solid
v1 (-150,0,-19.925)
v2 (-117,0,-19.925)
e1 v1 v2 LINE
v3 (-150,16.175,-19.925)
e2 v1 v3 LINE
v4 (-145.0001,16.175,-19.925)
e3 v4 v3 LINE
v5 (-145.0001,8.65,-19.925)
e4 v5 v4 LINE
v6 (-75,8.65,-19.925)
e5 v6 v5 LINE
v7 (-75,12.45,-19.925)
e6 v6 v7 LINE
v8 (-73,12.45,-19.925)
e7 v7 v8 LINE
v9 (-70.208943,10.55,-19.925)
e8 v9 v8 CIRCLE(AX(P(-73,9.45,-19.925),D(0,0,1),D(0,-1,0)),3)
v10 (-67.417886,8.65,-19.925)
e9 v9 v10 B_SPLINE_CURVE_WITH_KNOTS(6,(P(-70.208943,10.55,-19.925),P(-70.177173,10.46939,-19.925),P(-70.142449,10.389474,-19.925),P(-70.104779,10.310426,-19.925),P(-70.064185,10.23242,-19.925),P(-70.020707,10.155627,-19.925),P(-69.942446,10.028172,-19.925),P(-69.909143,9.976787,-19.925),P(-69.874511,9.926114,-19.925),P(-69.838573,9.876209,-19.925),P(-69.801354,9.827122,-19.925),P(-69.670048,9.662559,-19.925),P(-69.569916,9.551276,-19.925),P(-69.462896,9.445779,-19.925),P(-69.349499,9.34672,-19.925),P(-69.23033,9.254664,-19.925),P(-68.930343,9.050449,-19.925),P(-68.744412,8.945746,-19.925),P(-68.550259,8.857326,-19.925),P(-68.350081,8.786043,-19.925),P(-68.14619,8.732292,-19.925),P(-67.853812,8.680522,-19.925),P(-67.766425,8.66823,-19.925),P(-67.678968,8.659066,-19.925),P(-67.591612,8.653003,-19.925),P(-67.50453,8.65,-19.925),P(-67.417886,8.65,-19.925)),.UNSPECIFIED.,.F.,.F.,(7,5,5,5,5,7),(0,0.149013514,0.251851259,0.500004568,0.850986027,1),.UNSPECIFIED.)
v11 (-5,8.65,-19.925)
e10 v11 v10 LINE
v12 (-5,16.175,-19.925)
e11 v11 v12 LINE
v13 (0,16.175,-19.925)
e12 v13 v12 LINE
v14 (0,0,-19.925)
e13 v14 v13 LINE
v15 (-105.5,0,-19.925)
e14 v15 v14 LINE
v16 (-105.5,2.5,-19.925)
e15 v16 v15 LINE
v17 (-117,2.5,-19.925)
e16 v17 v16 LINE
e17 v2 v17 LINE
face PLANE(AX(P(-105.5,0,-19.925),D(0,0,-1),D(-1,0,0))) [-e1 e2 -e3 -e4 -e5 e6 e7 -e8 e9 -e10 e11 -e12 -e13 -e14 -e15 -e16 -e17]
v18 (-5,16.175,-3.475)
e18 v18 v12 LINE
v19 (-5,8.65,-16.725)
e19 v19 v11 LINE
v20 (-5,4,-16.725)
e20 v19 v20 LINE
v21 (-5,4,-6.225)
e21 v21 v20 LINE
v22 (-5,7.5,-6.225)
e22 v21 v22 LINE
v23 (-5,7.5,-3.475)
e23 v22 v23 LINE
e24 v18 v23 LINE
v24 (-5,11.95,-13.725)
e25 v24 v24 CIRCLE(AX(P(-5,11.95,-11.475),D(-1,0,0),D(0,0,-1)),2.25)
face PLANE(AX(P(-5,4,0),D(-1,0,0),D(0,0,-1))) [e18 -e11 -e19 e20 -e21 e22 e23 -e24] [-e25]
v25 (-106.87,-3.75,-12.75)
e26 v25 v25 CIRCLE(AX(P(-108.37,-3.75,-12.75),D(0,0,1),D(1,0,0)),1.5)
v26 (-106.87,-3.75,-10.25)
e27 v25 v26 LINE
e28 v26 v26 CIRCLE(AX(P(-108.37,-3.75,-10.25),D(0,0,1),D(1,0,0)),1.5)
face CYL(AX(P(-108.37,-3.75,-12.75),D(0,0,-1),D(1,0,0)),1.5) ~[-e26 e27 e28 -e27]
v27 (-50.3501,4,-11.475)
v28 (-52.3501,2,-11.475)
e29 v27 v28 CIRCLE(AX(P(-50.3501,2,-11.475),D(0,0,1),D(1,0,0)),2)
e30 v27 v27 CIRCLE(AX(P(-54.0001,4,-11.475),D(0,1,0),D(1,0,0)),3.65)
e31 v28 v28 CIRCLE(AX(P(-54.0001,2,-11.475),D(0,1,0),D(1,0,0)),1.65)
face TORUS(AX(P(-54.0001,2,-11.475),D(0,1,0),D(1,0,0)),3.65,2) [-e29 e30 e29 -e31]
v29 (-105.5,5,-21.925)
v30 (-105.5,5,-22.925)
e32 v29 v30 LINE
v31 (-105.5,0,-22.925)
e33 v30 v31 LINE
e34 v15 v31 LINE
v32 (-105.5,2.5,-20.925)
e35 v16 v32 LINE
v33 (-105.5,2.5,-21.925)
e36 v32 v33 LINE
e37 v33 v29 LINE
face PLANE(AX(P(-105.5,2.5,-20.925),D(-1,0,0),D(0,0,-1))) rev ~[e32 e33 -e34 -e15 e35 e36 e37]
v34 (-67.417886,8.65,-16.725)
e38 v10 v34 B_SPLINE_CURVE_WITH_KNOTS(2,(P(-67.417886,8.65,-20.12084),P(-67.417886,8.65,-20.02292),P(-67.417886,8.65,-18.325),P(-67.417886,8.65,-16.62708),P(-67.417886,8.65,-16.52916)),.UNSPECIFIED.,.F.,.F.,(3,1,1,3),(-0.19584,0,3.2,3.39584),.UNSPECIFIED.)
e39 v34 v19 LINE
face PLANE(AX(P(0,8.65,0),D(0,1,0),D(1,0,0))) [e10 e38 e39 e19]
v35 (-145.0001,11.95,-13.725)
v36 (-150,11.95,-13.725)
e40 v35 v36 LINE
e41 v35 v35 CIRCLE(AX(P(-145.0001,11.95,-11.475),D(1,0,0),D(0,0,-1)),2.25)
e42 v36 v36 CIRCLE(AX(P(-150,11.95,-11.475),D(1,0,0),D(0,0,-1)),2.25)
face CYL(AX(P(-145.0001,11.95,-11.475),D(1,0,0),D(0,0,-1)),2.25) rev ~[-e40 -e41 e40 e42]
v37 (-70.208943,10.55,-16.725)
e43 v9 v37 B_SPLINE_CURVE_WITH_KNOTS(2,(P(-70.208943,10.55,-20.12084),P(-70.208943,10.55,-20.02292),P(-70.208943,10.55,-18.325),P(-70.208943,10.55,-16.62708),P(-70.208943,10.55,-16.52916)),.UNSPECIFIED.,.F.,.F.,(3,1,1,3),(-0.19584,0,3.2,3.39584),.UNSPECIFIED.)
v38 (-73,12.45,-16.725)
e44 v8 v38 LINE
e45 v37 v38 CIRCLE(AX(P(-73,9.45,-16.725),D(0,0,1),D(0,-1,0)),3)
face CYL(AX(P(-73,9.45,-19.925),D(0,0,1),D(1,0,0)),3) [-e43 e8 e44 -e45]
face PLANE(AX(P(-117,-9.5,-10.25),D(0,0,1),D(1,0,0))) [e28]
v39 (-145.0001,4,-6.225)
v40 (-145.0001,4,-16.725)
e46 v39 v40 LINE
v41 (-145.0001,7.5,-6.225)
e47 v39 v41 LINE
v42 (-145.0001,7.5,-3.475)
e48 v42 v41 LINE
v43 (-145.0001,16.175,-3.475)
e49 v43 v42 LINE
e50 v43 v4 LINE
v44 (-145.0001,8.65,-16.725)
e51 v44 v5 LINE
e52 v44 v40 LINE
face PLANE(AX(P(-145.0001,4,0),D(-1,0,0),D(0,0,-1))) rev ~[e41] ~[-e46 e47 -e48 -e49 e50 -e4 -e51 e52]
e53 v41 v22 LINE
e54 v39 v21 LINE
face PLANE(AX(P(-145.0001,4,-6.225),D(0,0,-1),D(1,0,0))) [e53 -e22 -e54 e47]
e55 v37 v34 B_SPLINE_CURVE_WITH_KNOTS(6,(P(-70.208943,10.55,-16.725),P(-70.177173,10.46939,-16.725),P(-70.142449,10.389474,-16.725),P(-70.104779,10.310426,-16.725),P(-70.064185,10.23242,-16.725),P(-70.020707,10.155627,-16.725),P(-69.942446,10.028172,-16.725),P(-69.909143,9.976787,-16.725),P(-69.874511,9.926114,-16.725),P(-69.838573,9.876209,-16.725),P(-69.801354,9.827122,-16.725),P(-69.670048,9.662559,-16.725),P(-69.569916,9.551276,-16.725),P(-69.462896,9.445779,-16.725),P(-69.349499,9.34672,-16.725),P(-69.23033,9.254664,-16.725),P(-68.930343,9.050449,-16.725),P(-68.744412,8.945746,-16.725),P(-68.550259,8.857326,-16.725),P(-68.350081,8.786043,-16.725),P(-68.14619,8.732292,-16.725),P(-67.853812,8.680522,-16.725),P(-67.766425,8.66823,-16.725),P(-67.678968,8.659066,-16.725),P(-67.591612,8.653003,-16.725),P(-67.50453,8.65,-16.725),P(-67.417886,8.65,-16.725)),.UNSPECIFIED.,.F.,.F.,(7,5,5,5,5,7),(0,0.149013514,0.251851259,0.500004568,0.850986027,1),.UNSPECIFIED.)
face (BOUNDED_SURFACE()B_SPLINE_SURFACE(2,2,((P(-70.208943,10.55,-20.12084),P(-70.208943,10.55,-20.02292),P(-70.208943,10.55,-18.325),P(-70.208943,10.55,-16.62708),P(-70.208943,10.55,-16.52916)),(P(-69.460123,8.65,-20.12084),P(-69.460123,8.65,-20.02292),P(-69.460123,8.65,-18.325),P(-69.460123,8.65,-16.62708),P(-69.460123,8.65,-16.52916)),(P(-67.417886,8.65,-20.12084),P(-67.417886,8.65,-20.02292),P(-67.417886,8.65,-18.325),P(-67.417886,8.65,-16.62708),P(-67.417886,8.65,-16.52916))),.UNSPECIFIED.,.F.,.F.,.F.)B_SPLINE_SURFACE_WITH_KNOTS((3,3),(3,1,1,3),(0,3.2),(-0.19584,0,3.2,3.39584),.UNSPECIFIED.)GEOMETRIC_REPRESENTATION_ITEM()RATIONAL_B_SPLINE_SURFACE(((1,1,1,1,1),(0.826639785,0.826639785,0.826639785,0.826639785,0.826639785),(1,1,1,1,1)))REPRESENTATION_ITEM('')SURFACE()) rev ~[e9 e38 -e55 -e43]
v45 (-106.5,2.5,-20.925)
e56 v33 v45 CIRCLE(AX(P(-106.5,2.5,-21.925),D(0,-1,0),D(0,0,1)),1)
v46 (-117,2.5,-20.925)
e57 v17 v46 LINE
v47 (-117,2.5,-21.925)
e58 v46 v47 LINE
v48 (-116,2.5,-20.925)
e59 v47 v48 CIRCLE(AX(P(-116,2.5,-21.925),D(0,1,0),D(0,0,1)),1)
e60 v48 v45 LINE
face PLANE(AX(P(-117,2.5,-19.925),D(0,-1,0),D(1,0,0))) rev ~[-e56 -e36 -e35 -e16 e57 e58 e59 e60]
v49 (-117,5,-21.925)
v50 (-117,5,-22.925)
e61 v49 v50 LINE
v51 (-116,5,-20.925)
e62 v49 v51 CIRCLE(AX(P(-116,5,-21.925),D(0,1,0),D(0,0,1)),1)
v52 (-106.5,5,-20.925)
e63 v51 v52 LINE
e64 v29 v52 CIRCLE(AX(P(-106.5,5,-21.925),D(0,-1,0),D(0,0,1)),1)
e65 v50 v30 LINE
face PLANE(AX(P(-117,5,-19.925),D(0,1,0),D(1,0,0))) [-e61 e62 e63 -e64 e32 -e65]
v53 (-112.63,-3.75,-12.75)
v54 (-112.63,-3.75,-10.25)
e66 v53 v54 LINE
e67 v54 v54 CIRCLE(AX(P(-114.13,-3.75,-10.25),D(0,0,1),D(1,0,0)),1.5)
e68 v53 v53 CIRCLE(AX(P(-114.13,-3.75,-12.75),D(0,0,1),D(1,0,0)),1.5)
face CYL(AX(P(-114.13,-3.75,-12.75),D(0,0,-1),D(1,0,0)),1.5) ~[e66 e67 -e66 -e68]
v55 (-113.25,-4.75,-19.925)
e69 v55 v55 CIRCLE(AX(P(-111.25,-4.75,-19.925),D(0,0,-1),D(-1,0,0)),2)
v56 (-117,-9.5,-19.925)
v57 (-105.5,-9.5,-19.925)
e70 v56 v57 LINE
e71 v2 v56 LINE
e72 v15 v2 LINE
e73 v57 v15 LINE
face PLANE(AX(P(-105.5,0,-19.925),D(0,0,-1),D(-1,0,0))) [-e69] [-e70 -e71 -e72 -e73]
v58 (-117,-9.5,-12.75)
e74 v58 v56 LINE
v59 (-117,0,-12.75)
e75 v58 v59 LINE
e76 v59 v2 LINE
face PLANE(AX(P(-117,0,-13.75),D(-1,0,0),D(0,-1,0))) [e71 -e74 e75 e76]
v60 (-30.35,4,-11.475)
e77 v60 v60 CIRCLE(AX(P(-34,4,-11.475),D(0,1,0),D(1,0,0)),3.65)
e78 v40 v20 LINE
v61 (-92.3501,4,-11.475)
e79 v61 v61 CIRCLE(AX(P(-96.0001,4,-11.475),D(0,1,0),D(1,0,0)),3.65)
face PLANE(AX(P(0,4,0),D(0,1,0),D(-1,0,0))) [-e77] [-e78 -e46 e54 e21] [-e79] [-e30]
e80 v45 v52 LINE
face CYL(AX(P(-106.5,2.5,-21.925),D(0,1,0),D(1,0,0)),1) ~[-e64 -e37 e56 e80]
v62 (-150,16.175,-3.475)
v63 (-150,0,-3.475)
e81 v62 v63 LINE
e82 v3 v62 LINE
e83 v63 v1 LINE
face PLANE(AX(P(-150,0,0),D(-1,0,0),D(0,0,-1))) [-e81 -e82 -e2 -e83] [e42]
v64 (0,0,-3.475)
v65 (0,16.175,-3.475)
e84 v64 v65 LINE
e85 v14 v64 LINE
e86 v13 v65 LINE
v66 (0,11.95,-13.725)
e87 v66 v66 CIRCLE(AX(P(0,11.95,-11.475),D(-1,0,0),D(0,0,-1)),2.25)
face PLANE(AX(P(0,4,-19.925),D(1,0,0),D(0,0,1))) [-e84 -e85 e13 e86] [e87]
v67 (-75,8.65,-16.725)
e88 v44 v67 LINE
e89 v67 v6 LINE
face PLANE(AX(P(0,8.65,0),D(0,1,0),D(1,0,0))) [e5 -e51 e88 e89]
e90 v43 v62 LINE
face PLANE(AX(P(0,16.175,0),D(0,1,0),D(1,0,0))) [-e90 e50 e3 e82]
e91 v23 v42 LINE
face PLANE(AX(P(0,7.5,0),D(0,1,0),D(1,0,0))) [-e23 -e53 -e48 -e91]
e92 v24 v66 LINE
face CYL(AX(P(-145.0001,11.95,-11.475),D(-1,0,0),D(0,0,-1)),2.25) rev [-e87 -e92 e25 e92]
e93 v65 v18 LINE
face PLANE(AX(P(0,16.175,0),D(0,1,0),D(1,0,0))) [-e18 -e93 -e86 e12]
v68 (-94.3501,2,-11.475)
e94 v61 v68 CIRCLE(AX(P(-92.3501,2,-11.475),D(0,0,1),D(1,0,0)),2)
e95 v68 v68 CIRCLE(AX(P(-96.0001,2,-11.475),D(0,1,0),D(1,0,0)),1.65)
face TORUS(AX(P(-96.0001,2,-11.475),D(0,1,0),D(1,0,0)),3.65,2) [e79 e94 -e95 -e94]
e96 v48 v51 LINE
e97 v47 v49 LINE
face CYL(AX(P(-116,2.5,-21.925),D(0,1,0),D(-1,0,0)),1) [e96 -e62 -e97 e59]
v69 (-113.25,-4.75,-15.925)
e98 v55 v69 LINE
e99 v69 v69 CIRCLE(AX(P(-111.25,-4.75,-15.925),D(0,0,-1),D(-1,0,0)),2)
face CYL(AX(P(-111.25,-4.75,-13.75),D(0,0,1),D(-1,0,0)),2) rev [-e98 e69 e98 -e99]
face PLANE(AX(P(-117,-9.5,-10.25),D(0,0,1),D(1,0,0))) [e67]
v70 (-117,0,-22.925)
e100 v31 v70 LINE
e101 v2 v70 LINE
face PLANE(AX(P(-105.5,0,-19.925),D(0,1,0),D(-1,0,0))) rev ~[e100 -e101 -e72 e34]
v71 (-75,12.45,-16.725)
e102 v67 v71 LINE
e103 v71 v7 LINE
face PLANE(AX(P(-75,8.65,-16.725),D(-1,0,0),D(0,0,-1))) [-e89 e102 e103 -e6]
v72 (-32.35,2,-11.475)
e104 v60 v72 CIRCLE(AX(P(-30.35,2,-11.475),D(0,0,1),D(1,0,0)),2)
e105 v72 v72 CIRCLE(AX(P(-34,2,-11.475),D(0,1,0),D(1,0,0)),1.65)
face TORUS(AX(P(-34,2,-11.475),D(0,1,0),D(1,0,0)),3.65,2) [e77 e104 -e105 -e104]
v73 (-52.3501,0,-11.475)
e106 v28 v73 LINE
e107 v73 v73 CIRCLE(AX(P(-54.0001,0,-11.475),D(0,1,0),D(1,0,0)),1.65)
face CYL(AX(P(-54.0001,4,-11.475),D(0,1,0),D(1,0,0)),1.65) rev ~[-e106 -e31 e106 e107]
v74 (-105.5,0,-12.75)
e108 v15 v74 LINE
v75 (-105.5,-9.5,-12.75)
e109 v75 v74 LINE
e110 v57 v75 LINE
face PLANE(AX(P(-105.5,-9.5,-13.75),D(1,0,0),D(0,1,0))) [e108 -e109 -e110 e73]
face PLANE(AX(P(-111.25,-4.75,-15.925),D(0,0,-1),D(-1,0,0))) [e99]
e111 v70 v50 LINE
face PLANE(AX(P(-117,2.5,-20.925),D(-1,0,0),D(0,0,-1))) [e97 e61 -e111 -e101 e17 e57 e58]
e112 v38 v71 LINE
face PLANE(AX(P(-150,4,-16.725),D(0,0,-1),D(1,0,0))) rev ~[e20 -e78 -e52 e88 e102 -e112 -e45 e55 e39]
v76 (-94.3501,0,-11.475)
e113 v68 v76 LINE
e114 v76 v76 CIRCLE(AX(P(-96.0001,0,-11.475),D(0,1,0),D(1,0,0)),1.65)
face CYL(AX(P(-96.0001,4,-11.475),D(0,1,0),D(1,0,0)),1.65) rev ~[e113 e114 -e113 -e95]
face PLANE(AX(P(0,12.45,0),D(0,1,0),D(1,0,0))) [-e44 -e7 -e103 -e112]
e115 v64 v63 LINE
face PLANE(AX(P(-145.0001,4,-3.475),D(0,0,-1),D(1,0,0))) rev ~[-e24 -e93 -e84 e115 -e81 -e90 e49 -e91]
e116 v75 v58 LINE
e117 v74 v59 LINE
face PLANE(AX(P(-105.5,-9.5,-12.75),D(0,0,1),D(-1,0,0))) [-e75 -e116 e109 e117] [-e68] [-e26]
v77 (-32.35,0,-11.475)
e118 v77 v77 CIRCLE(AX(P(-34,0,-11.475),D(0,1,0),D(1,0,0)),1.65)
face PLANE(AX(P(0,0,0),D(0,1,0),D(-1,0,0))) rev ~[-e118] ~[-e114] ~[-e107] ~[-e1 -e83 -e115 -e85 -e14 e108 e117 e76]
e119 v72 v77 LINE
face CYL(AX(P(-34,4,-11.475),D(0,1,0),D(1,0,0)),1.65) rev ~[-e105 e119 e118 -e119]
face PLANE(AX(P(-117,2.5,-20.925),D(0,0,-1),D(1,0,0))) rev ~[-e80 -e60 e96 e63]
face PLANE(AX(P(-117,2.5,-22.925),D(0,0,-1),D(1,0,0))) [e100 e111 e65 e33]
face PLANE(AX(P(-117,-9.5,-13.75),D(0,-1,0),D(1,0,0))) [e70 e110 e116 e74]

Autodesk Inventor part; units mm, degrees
ref_plane "YZ Plane" through (0, 0, 0) normal (1, 0, 0) x (0, 1, 0)
ref_plane "XZ Plane" through (0, 0, 0) normal (0, 1, 0) x (-1, 0, 0)
ref_plane "XY Plane" through (0, 0, 0) normal (0, 0, 1) x (1, 0, 0)
sketch "Sketch1" plane through (0, 0, 0) normal (0, 1, 0) x (-1, 0, 0)
  line L0 (0, 0) -> (150, 0)
  line L1 (150, 0) -> (150, -19.925)
  line L2 (150, -19.925) -> (0, -19.925)
  line L3 (0, -19.925) -> (0, 0)
  dimension "d0" = 150
  dimension "d1" = 19.925
extrude "Extrusion1" add sketch "Sketch1" along normal blind 4
sketch "Sketch2" plane through (0, 4, 0) normal (0, 1, 0) x (1, 0, 0)
  line L0 (-150, 0) -> (0, 0) projected
  line L1 (0, 19.925) -> (-150, 19.925) projected
  line L2 (0, 0) -> (-5, 0)
  line L3 (-5, 0) -> (-5, 19.925)
  line L4 (-5, 19.925) -> (0, 19.925)
  line L5 (0, 19.925) -> (0, 0)
  line L6 (-150.0001, 0) -> (-145.0001, 0)
  line L7 (-145.0001, 0) -> (-145.0001, 19.925)
  line L8 (-145.0001, 19.925) -> (-150.0001, 19.925)
  line L9 (-150.0001, 19.925) -> (-150.0001, 0)
  dimension "d4" = 5
  dimension "d5" = 5
extrude "Extrusion2" add sketch "Sketch2" along normal blind 12.175 contours L9 L1 L7 L0 | L3 L1 L5 L0
sketch "Sketch3" plane through (0, 4, 0) normal (0, 1, 0) x (1, 0, 0)
  line L0 (0, 19.925) -> (0, 0) projected
  line L1 (-150, 0) -> (-150, 19.925) projected
  line L2 (0, 19.925) -> (-150, 19.925)
  line L3 (-150, 19.925) -> (-150, 16.725)
  line L4 (-150, 16.725) -> (0, 16.725)
  line L5 (0, 16.725) -> (0, 19.925)
  dimension "d8" = 3.2
extrude "Extrusion3" add sketch "Sketch3" along normal blind 4.65
sketch "Sketch4" plane through (0, 4, 0) normal (0, 1, 0) x (1, 0, 0)
  line L0 (-5, 16.725) -> (-145.0001, 16.725) construction
  line L1 (-145.0001, 0) -> (-145.0001, 19.925) construction
  line L2 (-5, 16.725) -> (-145.0001, 16.725) construction
  line L3 (-145.0001, 16.725) -> (-145.0001, 6.225) construction
  line L4 (-145.0001, 6.225) -> (-5, 6.225) construction
  line L5 (-5, 6.225) -> (-5, 16.725) construction
  line L6 (-5, 19.925) -> (-5, 0) projected
  line L7 (-145.0001, 6.225) -> (-5, 6.225)
  line L8 (-5, 6.225) -> (-5, 3.475)
  line L9 (-5, 3.475) -> (-145.0001, 3.475)
  line L10 (-145.0001, 3.475) -> (-145.0001, 6.225)
  point P0 (0, 0)
  dimension "d11" = 10.5
  dimension "d12" = 2.75
extrude "Extrusion4" add sketch "Sketch4" along normal blind 3.5
sketch "Sketch5" plane through (-145.0001, 4, 0) normal (1, 0, 0) x (0, 0, -1)
  point P0 (0, -4)
sketch "Sketch6" plane through (-145.0001, 4, 0) normal (1, 0, 0) x (0, 0, -1)
  line L0 (6.225, 0) -> (16.725, 0) construction
  line L1 (16.725, 0) -> (16.725, -7.95) construction
  line L2 (16.725, -7.95) -> (6.225, -7.95) construction
  line L3 (6.225, -7.95) -> (6.225, 0) construction
  line L4 (6.225, 0) -> (16.725, 0) construction
  line L5 (16.725, 0) -> (16.725, 7.95) construction
  line L6 (16.725, 7.95) -> (6.225, 7.95) construction
  line L7 (6.225, 7.95) -> (6.225, 0) construction
  circle A0 centre (11.475, 7.95) radius 2.25
  point P0 (0, -4)
  dimension "d15" = 7.95
  dimension "d16" = 7.95
  dimension "d17" = 4.5
extrude "Extrusion5" cut sketch "Sketch6" along normal blind 155.75 and the other way blind 5.75
sketch "Sketch7" plane through (0, 4, 0) normal (0, 1, 0) x (1, 0, 0)
  line L0 (-145.0001, 3.475) -> (-145.0001, 0) projected
  line L1 (-145.0001, 3.475) -> (1.5965, 3.475)
  line L2 (1.5965, 3.475) -> (1.5965, -1.1679)
  line L3 (1.5965, -1.1679) -> (-145.0001, -1.1679)
  line L4 (-145.0001, -1.1679) -> (-145.0001, 3.475)
  line L5 (-145.0001, 3.475) -> (-5, 3.475) projected
  line L6 (-145.0001, 3.475) -> (-155.2913, 3.475)
  line L7 (-155.2913, 3.475) -> (-155.2913, -7.4286)
  line L8 (-155.2913, -7.4286) -> (-145.0001, -7.4286)
  line L9 (-145.0001, -7.4286) -> (-145.0001, 3.475)
  point P0 (0, 0)
extrude "Extrusion6" cut sketch "Sketch7" along normal blind 21 and the other way blind 34.875
sketch "Sketch8" plane through (0, 8.65, 0) normal (0, 1, 0) x (1, 0, 0)
  line L0 (-145.0001, 16.725) -> (-145.0001, 19.925) construction
  line L1 (-5, 16.725) -> (-145.0001, 16.725) construction
  line L2 (-145.0001, 19.925) -> (-5, 19.925) construction
  line L3 (-5, 19.925) -> (-5, 16.725) construction
  line L4 (-5, 16.725) -> (-145.0001, 16.725) construction
  line L5 (-145.0001, 16.725) -> (-145.0001, 19.925) construction
  line L6 (-150, 19.925) -> (0, 19.925) projected
  line L7 (-75, 19.925) -> (-70, 19.925)
  line L8 (-70, 19.925) -> (-70, 16.725)
  line L9 (-70, 16.725) -> (-75, 16.725)
  line L10 (-75, 16.725) -> (-75, 19.925)
  point P0 (0, 0)
  dimension "d26" = 5
extrude "Extrusion7" add sketch "Sketch8" along normal blind 3.8
fillet "Fillet1" radius 3 1 edges at (-70, 12.45, -18.325)
fillet "Fillet2" radius 3 1 edges at (-70, 8.65, -18.325)
sketch "Sketch9" plane through (0, 4, 0) normal (0, 1, 0) x (1, 0, 0)
  line L0 (-145.0001, 13.725) -> (-145.0001, 9.225) construction
  line L1 (-5, 9.225) -> (-5, 13.725) construction
  line L2 (-75.0001, 11.475) -> (-96.0001, 11.475) construction
  circle A0 centre (-96.0001, 11.475) radius 1.65
  line L3 (-75.0001, 11.475) -> (-54.0001, 11.475) construction
  circle A1 centre (-54.0001, 11.475) radius 1.65
  point P0 (0, 0)
  dimension "d33" = 21
  dimension "d34" = 3.3
  dimension "d35" = 21
  dimension "d36" = 3.3
extrude "Extrusion8" cut sketch "Sketch9" against normal blind 4
sketch "Sketch10" plane through (0, 4, 0) normal (0, 1, 0) x (1, 0, 0)
  circle A0 centre (-34, 11.475) radius 1.65 construction
  circle A1 centre (-34, 11.475) radius 1.65
  point P0 (0, 0)
  dimension "d39" = 3.3
extrude "Extrusion9" cut sketch "Sketch10" against normal blind 4
fillet "Fillet3" radius 2 3 edges at (-55.6501, 4, -11.475) (-35.65, 4, -11.475) (-97.6501, 4, -11.475)
sketch "Sketch11" plane through (0, 0, 0) normal (0, -1, 0) x (1, 0, 0)
  circle A0 centre (-96.0001, -11.475) radius 1.65 construction
  line L0 (-96.0001, -11.475) -> (-105.5001, -11.475) construction
  line L1 (-105.5, -8.75) -> (-105.5, -13.75)
  line L2 (-105.5, -13.75) -> (-117, -13.75)
  line L3 (-117, -13.75) -> (-117, -8.75)
  line L4 (-117, -8.75) -> (-105.5, -8.75)
  point P0 (0, 0)
  dimension "d43" = 9.5
  dimension "d44" = 5
  dimension "d45" = 11.5
extrude "Extrusion10" add sketch "Sketch11" along normal blind 9.5
sketch "Sketch12" plane through (-105.5, 0, -13.75) normal (0, 0, -1) x (-1, 0, 0)
  line L0 (0, -9.5) -> (11.5, -9.5) construction
  line L1 (0, 0) -> (11.5, 0) construction
  line L2 (11.5, -9.5) -> (0, 0) construction
  line L3 (0, 0) -> (0, -9.5) construction
  line L4 (0, -9.5) -> (11.5, 0) construction
  circle A0 centre (5.75, -4.75) radius 2
  line L5 (11.5, -9.5) -> (0, -9.5)
  line L6 (0, -9.5) -> (0, 0)
  line L7 (0, 0) -> (11.5, 0)
  line L8 (11.5, 0) -> (11.5, -9.5)
  point P0 (-105.5, 0)
  dimension "d48" = 4
sketch "Sketch13" plane through (-105.5, 0, -13.75) normal (0, 0, -1) x (-1, 0, 0)
  point P0 (-105.5, 0)
extrude "Extrusion11" add sketch "Sketch12" along normal blind 6.175
sketch "Sketch14" plane through (-111.25, -4.75, -13.75) normal (0, 0, -1) x (-1, 0, 0)
  circle A0 centre (0, 0) radius 2
  point P0 (-111.25, 4.75)
extrude "Extrusion12" cut sketch "Sketch14" against normal blind 1.825
sketch "Sketch15" plane through (-111.25, -4.75, -11.925) normal (0, 0, -1) x (-1, 0, 0)
  circle A0 centre (0, 0) radius 2
  point P0 (-111.25, 4.75)
extrude "Extrusion13" cut sketch "Sketch15" against normal blind 0.5
sketch "Sketch16" plane through (-105.5, 0, -19.925) normal (0, 0, -1) x (-1, 0, 0)
  point P0 (-105.5, 0)
sketch "Sketch17" plane through (0, 0, 0) normal (0, -1, 0) x (1, 0, 0)
  point P0 (0, 0)
sketch "Sketch18" plane through (-111.25, -4.75, -11.425) normal (0, 0, -1) x (-1, 0, 0)
  circle A0 centre (0, 0) radius 2 projected
  circle A1 centre (0, 0) radius 2
  point P0 (-111.25, 4.75)
extrude "Extrusion14" add sketch "Sketch18" along normal blind 4.5
sketch "Sketch19" plane through (0, -9.5, 0) normal (0, -1, 0) x (1, 0, 0)
  line L0 (-105.5, -8.75) -> (-117, -8.75) projected
  line L1 (-105.5, -8.75) -> (-105.5, -19.925) projected
  line L2 (-117, -8.75) -> (-105.5, -8.75)
  line L3 (-105.5, -8.75) -> (-105.5, -12.75)
  line L4 (-105.5, -12.75) -> (-117, -12.75)
  line L5 (-117, -12.75) -> (-117, -8.75)
  point P0 (0, 0)
  dimension "d57" = 4
extrude "Extrusion15" cut sketch "Sketch19" against normal blind 9.5
sketch "Sketch20" plane through (-117, -9.5, -12.75) normal (0, 0, 1) x (1, 0, 0)
  line L0 (11.5, 9.5) -> (11.5, 0) construction
  line L1 (0, 0) -> (0, 9.5) construction
  line L2 (11.5, 9.5) -> (0, 9.5) construction
  line L3 (0, 9.5) -> (0, 2) construction
  line L4 (0, 2) -> (11.5, 2) construction
  line L5 (11.5, 2) -> (11.5, 9.5) construction
  line L6 (-33, 9.5) -> (0, 9.5) construction
  line L7 (11.5, 2) -> (0, 9.5) construction
  line L8 (0, 9.5) -> (0, 2) construction
  line L9 (11.5, 9.5) -> (0, 2) construction
  line L10 (5.75, 5.75) -> (2.87, 5.75) construction
  line L11 (5.75, 5.75) -> (8.63, 5.75) construction
  circle A0 centre (8.63, 5.75) radius 1.5
  circle A1 centre (2.87, 5.75) radius 1.5
  point P0 (117, 9.5)
  dimension "d60" = 7.5
  dimension "d61" = 2.88
  dimension "d62" = 2.88
  dimension "d63" = 3
  dimension "d64" = 3
extrude "Extrusion16" add sketch "Sketch20" along normal blind 2.5
sketch "Sketch21" plane through (0, 16.175, -19.925) normal (0, 0, -1) x (-1, 0, 0)
  line L0 (0, -16.175) -> (150, -16.175) projected
  line L1 (105.5, -16.175) -> (117, -16.175)
  line L2 (117, -16.175) -> (117, -13.675)
  line L3 (117, -13.675) -> (105.5, -13.675)
  line L4 (105.5, -13.675) -> (105.5, -16.175)
  dimension "d67" = 2.5
extrude "Extrusion17" add sketch "Sketch21" along normal blind 3
sketch "Sketch22" plane through (-117, 2.5, -19.925) normal (0, 1, 0) x (1, 0, 0)
  line L0 (0, 3) -> (11.5, 3) projected
  line L1 (0, 0) -> (0, 3) projected
  line L2 (11.5, 3) -> (0, 3)
  line L3 (0, 3) -> (0, 1)
  line L4 (0, 1) -> (11.5, 1)
  line L5 (11.5, 1) -> (11.5, 3)
  point P0 (117, -19.925)
  dimension "d70" = 2
extrude "Extrusion18" add sketch "Sketch22" along normal blind 2.5
fillet "Fillet4" radius 1 2 edges at (-117, 3.75, -20.925) (-105.5, 3.75, -20.925)
equation "\"BendRadius\" = Thickness"
equation "\"BendReliefWidth\" = Thickness"
equation "\"BendReliefDepth\" = 0.5 * Thickness"
equation "\"CornerReliefSize\" = 4 * Thickness"
equation "\"MinimumRemnant\" = 2 * Thickness"
equation "\"TransitionRadius\" = BendRadius"
equation "\"JacobiRadiusSize\" = BendRadius"
equation "\"GapSize\" = Thickness"
equation "\"Thickness\" = 0.5"
properties part number "mtv_axelHolder(brakingAxel)3-12"
